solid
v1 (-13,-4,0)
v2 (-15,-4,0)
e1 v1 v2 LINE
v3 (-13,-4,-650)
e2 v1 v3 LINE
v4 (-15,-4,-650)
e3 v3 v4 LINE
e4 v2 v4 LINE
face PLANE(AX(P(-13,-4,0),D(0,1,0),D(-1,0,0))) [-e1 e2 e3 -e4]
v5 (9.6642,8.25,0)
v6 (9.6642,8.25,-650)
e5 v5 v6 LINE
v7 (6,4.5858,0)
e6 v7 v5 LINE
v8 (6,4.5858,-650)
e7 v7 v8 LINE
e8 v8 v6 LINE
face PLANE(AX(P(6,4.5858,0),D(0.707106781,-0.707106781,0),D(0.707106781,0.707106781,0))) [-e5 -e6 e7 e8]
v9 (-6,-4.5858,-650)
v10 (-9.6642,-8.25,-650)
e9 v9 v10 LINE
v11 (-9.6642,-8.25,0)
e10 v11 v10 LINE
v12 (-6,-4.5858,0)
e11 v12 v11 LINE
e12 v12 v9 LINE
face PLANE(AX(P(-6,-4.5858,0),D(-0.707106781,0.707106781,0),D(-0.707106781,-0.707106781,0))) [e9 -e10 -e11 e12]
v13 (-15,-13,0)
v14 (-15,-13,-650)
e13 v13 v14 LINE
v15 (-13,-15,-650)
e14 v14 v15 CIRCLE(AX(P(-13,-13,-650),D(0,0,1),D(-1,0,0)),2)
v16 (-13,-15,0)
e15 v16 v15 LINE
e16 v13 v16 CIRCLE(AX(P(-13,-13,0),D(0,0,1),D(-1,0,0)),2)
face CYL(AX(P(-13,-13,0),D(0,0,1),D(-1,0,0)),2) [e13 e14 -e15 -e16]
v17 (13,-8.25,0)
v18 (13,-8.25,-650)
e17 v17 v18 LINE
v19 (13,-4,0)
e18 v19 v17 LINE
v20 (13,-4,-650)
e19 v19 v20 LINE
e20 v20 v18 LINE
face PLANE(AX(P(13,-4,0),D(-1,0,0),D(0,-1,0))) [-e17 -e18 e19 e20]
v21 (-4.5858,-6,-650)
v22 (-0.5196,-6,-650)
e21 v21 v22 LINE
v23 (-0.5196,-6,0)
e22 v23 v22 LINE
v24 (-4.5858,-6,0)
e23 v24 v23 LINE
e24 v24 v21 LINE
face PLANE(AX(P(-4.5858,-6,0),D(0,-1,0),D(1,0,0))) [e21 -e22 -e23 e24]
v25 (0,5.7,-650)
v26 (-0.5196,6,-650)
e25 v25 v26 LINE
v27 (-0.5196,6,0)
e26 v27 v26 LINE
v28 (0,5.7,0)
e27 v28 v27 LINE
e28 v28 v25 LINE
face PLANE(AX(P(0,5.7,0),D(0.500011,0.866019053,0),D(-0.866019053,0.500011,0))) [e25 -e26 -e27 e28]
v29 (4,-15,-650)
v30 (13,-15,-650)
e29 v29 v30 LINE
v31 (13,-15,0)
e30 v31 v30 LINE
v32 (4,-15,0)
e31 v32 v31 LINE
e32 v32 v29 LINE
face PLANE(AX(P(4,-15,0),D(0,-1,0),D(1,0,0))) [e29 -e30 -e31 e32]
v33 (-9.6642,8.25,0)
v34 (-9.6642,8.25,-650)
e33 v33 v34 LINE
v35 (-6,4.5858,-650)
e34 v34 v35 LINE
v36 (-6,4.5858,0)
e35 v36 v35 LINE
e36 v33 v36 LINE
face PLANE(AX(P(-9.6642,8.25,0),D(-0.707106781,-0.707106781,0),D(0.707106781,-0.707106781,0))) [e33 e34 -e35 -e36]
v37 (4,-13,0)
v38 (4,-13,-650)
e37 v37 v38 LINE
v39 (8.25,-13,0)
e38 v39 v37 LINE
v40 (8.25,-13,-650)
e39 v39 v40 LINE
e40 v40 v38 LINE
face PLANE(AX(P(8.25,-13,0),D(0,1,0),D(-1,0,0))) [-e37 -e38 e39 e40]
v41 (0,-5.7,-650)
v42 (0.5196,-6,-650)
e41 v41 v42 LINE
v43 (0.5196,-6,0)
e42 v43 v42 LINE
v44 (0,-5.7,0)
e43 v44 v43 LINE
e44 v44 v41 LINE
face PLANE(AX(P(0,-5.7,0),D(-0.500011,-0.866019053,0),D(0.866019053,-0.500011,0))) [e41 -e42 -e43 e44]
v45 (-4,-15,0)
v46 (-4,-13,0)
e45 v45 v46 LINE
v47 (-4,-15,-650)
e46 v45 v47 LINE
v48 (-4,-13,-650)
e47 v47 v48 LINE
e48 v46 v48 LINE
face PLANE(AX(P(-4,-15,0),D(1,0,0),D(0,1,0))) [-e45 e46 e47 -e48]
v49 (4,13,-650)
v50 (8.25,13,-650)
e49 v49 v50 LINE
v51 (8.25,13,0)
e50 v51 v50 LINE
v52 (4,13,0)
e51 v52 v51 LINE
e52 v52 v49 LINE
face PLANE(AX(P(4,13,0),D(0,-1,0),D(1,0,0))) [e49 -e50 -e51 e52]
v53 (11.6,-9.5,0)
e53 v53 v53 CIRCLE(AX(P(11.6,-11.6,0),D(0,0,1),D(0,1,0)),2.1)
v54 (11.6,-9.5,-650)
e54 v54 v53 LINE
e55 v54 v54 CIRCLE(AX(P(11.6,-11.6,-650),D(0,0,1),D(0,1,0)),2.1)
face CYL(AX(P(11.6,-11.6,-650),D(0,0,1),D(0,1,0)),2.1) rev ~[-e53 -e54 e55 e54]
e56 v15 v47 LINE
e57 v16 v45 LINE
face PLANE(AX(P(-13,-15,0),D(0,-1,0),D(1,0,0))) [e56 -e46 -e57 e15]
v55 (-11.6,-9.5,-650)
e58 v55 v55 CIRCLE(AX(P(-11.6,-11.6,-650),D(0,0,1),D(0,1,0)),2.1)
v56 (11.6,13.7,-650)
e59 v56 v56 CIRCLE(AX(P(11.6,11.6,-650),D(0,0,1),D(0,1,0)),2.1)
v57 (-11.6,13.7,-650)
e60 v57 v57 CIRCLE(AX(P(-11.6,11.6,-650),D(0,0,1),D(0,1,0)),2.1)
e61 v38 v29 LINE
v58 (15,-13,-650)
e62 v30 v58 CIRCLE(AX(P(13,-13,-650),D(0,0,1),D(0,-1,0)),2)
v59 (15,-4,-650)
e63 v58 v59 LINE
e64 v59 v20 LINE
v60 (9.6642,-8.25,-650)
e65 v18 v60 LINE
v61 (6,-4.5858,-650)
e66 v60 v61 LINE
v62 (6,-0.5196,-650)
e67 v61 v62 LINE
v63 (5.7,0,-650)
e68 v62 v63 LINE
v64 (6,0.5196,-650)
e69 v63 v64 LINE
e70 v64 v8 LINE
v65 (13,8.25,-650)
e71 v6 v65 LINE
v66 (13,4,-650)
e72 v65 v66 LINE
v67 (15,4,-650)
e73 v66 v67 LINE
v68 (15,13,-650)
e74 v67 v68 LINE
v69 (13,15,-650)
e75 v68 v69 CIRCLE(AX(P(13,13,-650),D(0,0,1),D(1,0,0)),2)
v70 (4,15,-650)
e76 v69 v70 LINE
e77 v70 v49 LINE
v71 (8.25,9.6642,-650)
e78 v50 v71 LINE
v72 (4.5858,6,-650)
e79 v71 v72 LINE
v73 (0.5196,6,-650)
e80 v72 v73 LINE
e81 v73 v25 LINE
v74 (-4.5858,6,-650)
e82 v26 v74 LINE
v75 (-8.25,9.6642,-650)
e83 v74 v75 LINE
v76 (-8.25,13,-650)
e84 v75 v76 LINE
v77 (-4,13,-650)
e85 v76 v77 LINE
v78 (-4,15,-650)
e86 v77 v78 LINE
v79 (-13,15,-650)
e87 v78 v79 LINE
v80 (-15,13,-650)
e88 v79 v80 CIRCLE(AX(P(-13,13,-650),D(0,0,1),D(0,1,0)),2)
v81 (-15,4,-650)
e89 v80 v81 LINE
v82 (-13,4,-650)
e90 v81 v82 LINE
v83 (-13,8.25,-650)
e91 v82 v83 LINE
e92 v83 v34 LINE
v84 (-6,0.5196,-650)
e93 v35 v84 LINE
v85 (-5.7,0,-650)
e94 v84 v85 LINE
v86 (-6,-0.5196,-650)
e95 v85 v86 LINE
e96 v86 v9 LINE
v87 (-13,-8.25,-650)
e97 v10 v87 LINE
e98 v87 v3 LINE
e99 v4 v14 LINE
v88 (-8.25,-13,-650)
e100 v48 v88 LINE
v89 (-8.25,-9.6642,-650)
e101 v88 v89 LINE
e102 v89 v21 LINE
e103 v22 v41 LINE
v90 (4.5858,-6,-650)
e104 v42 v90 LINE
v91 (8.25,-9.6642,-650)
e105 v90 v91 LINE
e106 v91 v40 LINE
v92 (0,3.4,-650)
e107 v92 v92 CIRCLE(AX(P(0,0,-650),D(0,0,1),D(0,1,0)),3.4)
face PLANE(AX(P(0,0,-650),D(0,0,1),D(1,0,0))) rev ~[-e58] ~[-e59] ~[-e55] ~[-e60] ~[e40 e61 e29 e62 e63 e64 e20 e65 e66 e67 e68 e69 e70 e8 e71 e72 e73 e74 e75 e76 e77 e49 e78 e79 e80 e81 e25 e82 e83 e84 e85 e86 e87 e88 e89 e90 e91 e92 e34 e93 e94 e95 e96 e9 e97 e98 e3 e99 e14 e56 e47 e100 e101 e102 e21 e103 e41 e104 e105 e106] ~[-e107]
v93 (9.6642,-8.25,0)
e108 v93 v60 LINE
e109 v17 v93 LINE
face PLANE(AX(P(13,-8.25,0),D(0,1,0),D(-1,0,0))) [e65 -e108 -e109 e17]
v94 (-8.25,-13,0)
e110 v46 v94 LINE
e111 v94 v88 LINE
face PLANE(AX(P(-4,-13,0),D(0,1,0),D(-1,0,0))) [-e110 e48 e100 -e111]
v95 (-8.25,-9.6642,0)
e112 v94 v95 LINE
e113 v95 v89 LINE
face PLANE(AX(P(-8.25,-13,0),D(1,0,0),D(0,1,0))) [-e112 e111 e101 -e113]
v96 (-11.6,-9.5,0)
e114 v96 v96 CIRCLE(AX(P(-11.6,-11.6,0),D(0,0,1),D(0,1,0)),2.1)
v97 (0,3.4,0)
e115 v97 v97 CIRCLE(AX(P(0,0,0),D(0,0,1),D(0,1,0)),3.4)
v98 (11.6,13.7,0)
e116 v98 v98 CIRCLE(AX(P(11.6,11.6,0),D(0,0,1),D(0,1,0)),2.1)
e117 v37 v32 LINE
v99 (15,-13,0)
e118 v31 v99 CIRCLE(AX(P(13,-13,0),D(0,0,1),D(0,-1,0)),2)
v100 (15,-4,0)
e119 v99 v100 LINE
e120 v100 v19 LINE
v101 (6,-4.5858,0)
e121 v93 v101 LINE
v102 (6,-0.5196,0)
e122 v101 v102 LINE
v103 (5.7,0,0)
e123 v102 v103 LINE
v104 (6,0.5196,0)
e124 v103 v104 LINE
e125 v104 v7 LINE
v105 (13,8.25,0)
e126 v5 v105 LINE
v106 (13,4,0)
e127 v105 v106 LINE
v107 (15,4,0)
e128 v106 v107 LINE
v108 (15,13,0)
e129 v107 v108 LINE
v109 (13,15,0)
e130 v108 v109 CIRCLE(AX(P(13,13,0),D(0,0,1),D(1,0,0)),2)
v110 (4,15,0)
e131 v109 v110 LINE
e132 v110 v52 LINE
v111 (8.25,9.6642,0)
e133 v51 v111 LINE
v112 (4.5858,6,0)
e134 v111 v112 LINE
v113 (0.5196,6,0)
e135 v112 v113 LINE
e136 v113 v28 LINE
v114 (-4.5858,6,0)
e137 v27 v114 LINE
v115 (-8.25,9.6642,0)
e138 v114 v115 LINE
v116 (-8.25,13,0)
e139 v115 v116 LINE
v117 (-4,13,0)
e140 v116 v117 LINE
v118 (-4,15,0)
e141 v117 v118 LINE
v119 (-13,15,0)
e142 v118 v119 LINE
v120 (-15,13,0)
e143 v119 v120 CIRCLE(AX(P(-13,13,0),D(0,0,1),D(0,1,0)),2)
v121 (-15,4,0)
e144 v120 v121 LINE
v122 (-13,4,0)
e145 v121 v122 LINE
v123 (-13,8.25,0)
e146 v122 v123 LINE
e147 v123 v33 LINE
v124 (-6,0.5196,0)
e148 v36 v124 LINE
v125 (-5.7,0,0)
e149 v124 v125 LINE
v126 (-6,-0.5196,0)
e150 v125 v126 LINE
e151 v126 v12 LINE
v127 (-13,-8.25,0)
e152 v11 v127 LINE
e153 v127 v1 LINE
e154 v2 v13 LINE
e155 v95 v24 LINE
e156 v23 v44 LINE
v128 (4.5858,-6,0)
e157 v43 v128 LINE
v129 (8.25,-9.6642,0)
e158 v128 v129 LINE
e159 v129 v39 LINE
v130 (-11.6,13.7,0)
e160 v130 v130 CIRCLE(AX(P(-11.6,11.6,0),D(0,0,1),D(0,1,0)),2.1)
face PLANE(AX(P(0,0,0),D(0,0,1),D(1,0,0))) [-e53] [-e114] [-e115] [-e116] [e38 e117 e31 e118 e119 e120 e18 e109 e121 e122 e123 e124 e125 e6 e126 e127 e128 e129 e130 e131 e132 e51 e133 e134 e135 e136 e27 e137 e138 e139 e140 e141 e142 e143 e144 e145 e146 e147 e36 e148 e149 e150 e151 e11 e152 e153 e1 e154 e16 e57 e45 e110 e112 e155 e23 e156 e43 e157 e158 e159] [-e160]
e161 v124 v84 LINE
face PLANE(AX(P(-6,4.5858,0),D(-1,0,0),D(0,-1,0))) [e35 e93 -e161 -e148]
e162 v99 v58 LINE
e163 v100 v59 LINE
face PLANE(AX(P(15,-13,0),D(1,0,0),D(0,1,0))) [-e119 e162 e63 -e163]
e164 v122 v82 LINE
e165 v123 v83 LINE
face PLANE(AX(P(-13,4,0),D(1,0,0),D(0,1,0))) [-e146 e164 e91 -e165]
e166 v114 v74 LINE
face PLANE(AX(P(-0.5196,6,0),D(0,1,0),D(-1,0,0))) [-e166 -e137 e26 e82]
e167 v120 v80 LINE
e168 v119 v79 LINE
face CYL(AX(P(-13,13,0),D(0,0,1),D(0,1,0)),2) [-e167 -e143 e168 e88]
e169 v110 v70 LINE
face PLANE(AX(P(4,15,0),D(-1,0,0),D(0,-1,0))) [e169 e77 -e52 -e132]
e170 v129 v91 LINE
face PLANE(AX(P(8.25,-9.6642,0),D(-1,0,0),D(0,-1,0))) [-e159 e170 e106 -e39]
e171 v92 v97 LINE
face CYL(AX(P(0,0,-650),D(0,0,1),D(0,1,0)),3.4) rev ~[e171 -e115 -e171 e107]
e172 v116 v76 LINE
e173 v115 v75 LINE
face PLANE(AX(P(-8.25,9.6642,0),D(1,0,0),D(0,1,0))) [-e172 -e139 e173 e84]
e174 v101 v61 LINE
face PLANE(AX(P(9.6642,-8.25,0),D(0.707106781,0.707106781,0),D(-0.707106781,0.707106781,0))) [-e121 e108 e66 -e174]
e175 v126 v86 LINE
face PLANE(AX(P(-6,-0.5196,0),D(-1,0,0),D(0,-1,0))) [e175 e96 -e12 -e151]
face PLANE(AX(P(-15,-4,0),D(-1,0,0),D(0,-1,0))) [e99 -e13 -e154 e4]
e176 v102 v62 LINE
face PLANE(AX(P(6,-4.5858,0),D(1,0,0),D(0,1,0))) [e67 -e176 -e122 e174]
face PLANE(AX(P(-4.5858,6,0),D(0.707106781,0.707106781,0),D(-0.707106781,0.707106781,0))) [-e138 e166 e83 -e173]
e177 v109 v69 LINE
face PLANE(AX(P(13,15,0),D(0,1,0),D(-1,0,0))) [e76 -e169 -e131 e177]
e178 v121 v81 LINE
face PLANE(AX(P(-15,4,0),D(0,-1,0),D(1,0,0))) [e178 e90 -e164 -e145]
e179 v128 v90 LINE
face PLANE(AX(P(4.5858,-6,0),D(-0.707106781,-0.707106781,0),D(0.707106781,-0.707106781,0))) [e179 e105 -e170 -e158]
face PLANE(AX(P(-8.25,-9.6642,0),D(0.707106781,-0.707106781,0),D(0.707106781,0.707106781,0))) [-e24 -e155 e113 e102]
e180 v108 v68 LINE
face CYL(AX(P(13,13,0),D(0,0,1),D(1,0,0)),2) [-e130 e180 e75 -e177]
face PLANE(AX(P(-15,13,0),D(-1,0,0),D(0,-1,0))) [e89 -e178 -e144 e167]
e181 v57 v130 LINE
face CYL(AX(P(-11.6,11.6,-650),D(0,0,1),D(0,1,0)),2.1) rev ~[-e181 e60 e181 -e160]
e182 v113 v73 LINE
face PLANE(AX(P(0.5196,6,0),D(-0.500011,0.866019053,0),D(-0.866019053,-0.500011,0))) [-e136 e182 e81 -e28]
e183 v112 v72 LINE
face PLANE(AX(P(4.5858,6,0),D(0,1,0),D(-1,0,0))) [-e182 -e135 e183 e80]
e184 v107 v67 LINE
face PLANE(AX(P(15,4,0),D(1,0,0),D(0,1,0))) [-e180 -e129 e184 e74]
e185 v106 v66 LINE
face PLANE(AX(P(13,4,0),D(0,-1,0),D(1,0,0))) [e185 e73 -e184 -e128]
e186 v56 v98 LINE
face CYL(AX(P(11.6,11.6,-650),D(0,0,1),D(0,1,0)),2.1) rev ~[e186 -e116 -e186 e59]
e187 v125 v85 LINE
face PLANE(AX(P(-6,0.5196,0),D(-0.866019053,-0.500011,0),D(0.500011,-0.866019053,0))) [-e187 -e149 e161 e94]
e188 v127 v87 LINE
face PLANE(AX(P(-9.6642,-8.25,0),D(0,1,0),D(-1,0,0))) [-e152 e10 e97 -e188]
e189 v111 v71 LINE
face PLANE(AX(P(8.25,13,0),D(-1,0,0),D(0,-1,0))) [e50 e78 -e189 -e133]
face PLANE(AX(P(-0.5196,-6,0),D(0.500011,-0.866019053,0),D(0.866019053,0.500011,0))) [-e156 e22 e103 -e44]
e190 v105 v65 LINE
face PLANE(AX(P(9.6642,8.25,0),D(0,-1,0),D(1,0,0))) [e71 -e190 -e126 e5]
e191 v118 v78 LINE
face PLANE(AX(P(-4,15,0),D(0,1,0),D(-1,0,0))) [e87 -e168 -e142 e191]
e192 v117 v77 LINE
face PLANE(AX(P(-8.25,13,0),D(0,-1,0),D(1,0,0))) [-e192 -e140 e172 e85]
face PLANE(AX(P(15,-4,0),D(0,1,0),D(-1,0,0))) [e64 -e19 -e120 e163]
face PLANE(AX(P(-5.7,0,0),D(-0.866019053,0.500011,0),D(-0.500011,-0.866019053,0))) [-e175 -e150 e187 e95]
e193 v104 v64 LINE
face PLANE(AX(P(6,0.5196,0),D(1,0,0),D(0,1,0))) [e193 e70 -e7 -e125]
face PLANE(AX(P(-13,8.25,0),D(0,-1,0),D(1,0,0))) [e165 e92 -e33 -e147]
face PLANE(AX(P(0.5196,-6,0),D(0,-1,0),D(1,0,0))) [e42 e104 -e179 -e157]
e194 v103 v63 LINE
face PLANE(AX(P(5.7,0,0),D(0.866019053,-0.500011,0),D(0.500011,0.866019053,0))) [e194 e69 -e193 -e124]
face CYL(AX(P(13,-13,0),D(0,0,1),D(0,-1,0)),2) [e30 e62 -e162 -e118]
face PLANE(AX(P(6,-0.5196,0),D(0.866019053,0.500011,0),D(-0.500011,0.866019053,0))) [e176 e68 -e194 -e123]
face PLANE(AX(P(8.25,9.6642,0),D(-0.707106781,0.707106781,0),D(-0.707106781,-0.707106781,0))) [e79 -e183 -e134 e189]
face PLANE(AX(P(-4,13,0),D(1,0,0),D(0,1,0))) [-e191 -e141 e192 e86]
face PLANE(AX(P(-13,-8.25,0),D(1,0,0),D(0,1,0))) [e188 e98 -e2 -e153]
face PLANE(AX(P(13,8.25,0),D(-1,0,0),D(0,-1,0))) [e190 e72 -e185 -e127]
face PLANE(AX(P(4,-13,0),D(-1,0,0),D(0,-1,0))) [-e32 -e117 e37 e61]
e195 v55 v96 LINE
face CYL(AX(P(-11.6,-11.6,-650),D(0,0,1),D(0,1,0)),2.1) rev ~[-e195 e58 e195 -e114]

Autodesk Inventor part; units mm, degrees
sketch "Sketch_1" plane through (0, 0, 0) normal (0, 0, 1) x (1, 0, 0)
  line L0 (-15, -4) -> (-15, -13)
  arc A0 (-15, -13) -> (-13, -15) centre (-13, -13) ccw
  line L1 (-13, -15) -> (-4, -15)
  line L2 (-4, -15) -> (-4, -13)
  line L3 (-4, -13) -> (-8.25, -13)
  line L4 (-8.25, -13) -> (-8.25, -9.6642)
  line L5 (-8.25, -9.6642) -> (-4.5858, -6)
  line L6 (-4.5858, -6) -> (-0.5196, -6)
  line L7 (-0.5196, -6) -> (0, -5.7)
  line L8 (0, -5.7) -> (0.5196, -6)
  line L9 (0.5196, -6) -> (4.5858, -6)
  line L10 (4.5858, -6) -> (8.25, -9.6642)
  line L11 (8.25, -9.6642) -> (8.25, -13)
  line L12 (8.25, -13) -> (4, -13)
  line L13 (4, -13) -> (4, -15)
  line L14 (4, -15) -> (13, -15)
  arc A1 (13, -15) -> (15, -13) centre (13, -13) ccw
  line L15 (15, -13) -> (15, -4)
  line L16 (15, -4) -> (13, -4)
  line L17 (13, -4) -> (13, -8.25)
  line L18 (13, -8.25) -> (9.6642, -8.25)
  line L19 (9.6642, -8.25) -> (6, -4.5858)
  line L20 (6, -4.5858) -> (6, -0.5196)
  line L21 (6, -0.5196) -> (5.7, 0)
  line L22 (5.7, 0) -> (6, 0.5196)
  line L23 (6, 0.5196) -> (6, 4.5858)
  line L24 (6, 4.5858) -> (9.6642, 8.25)
  line L25 (9.6642, 8.25) -> (13, 8.25)
  line L26 (13, 8.25) -> (13, 4)
  line L27 (13, 4) -> (15, 4)
  line L28 (15, 4) -> (15, 13)
  arc A2 (15, 13) -> (13, 15) centre (13, 13) ccw
  line L29 (13, 15) -> (4, 15)
  line L30 (4, 15) -> (4, 13)
  line L31 (4, 13) -> (8.25, 13)
  line L32 (8.25, 13) -> (8.25, 9.6642)
  line L33 (8.25, 9.6642) -> (4.5858, 6)
  line L34 (4.5858, 6) -> (0.5196, 6)
  line L35 (0.5196, 6) -> (0, 5.7)
  line L36 (0, 5.7) -> (-0.5196, 6)
  line L37 (-0.5196, 6) -> (-4.5858, 6)
  line L38 (-4.5858, 6) -> (-8.25, 9.6642)
  line L39 (-8.25, 9.6642) -> (-8.25, 13)
  line L40 (-8.25, 13) -> (-4, 13)
  line L41 (-4, 13) -> (-4, 15)
  line L42 (-4, 15) -> (-13, 15)
  arc A3 (-13, 15) -> (-15, 13) centre (-13, 13) ccw
  line L43 (-15, 13) -> (-15, 4)
  line L44 (-15, 4) -> (-13, 4)
  line L45 (-13, 4) -> (-13, 8.25)
  line L46 (-13, 8.25) -> (-9.6642, 8.25)
  line L47 (-9.6642, 8.25) -> (-6, 4.5858)
  line L48 (-6, 4.5858) -> (-6, 0.5196)
  line L49 (-6, 0.5196) -> (-5.7, 0)
  line L50 (-5.7, 0) -> (-6, -0.5196)
  line L51 (-6, -0.5196) -> (-6, -4.5858)
  line L52 (-6, -4.5858) -> (-9.6642, -8.25)
  line L53 (-9.6642, -8.25) -> (-13, -8.25)
  line L54 (-13, -8.25) -> (-13, -4)
  line L55 (-13, -4) -> (-15, -4)
extrude "Extrusion1" add sketch "Sketch_1" against normal blind 650
sketch "Sketch2" plane through (0, 0, -650) normal (0, 0, -1) x (-1, 0, 0)
  point P0 (0, 0)
hole "Hole1" at (0, 0, -650) direction (0, 0, 1) diameter 6.8 depth 650
sketch "Sketch3" plane through (0, 0, -650) normal (0, 0, -1) x (-1, 0, 0)
  point P0 (-11.6, 11.6)
hole "Hole2" at (11.6, 11.6, -650) direction (0, 0, 1) diameter 4.2 depth 650
pattern_linear "Rectangular Pattern1" count 2 spacing 23.2 along (-1, 0, 0) count 2 spacing 23.2 along (0, -1, 0) of "Hole2"
ref_plane "C1_XY" through (0, 0, 0) normal (0, 0, 1) x (1, 0, 0)
ref_plane "C1_YZ" through (0, 0, 0) normal (1, 0, 0) x (0, 1, 0)
ref_plane "C1_ZX" through (0, 0, 0) normal (0, 1, 0) x (0, 0, 1)
ref_plane "to_frame_cap1_XY" through (0, 0, 0) normal (0, 0, 1) x (1, 0, 0)
ref_plane "to_frame_cap1_YZ" through (0, 0, 0) normal (1, 0, 0) x (0, 1, 0)
ref_plane "to_frame_cap1_ZX" through (0, 0, 0) normal (0, 1, 0) x (0, 0, 1)
ref_plane "to_frame_cap2_XY" through (0, 0, -650) normal (0, 0, -1) x (1, 0, 0)
ref_plane "to_frame_cap2_YZ" through (0, 0, -650) normal (1, 0, 0) x (0, -1, 0)
ref_plane "to_frame_cap2_ZX" through (0, 0, -650) normal (0, -1, 0) x (0, 0, -1)
properties part number "HFS6-3030-650"
